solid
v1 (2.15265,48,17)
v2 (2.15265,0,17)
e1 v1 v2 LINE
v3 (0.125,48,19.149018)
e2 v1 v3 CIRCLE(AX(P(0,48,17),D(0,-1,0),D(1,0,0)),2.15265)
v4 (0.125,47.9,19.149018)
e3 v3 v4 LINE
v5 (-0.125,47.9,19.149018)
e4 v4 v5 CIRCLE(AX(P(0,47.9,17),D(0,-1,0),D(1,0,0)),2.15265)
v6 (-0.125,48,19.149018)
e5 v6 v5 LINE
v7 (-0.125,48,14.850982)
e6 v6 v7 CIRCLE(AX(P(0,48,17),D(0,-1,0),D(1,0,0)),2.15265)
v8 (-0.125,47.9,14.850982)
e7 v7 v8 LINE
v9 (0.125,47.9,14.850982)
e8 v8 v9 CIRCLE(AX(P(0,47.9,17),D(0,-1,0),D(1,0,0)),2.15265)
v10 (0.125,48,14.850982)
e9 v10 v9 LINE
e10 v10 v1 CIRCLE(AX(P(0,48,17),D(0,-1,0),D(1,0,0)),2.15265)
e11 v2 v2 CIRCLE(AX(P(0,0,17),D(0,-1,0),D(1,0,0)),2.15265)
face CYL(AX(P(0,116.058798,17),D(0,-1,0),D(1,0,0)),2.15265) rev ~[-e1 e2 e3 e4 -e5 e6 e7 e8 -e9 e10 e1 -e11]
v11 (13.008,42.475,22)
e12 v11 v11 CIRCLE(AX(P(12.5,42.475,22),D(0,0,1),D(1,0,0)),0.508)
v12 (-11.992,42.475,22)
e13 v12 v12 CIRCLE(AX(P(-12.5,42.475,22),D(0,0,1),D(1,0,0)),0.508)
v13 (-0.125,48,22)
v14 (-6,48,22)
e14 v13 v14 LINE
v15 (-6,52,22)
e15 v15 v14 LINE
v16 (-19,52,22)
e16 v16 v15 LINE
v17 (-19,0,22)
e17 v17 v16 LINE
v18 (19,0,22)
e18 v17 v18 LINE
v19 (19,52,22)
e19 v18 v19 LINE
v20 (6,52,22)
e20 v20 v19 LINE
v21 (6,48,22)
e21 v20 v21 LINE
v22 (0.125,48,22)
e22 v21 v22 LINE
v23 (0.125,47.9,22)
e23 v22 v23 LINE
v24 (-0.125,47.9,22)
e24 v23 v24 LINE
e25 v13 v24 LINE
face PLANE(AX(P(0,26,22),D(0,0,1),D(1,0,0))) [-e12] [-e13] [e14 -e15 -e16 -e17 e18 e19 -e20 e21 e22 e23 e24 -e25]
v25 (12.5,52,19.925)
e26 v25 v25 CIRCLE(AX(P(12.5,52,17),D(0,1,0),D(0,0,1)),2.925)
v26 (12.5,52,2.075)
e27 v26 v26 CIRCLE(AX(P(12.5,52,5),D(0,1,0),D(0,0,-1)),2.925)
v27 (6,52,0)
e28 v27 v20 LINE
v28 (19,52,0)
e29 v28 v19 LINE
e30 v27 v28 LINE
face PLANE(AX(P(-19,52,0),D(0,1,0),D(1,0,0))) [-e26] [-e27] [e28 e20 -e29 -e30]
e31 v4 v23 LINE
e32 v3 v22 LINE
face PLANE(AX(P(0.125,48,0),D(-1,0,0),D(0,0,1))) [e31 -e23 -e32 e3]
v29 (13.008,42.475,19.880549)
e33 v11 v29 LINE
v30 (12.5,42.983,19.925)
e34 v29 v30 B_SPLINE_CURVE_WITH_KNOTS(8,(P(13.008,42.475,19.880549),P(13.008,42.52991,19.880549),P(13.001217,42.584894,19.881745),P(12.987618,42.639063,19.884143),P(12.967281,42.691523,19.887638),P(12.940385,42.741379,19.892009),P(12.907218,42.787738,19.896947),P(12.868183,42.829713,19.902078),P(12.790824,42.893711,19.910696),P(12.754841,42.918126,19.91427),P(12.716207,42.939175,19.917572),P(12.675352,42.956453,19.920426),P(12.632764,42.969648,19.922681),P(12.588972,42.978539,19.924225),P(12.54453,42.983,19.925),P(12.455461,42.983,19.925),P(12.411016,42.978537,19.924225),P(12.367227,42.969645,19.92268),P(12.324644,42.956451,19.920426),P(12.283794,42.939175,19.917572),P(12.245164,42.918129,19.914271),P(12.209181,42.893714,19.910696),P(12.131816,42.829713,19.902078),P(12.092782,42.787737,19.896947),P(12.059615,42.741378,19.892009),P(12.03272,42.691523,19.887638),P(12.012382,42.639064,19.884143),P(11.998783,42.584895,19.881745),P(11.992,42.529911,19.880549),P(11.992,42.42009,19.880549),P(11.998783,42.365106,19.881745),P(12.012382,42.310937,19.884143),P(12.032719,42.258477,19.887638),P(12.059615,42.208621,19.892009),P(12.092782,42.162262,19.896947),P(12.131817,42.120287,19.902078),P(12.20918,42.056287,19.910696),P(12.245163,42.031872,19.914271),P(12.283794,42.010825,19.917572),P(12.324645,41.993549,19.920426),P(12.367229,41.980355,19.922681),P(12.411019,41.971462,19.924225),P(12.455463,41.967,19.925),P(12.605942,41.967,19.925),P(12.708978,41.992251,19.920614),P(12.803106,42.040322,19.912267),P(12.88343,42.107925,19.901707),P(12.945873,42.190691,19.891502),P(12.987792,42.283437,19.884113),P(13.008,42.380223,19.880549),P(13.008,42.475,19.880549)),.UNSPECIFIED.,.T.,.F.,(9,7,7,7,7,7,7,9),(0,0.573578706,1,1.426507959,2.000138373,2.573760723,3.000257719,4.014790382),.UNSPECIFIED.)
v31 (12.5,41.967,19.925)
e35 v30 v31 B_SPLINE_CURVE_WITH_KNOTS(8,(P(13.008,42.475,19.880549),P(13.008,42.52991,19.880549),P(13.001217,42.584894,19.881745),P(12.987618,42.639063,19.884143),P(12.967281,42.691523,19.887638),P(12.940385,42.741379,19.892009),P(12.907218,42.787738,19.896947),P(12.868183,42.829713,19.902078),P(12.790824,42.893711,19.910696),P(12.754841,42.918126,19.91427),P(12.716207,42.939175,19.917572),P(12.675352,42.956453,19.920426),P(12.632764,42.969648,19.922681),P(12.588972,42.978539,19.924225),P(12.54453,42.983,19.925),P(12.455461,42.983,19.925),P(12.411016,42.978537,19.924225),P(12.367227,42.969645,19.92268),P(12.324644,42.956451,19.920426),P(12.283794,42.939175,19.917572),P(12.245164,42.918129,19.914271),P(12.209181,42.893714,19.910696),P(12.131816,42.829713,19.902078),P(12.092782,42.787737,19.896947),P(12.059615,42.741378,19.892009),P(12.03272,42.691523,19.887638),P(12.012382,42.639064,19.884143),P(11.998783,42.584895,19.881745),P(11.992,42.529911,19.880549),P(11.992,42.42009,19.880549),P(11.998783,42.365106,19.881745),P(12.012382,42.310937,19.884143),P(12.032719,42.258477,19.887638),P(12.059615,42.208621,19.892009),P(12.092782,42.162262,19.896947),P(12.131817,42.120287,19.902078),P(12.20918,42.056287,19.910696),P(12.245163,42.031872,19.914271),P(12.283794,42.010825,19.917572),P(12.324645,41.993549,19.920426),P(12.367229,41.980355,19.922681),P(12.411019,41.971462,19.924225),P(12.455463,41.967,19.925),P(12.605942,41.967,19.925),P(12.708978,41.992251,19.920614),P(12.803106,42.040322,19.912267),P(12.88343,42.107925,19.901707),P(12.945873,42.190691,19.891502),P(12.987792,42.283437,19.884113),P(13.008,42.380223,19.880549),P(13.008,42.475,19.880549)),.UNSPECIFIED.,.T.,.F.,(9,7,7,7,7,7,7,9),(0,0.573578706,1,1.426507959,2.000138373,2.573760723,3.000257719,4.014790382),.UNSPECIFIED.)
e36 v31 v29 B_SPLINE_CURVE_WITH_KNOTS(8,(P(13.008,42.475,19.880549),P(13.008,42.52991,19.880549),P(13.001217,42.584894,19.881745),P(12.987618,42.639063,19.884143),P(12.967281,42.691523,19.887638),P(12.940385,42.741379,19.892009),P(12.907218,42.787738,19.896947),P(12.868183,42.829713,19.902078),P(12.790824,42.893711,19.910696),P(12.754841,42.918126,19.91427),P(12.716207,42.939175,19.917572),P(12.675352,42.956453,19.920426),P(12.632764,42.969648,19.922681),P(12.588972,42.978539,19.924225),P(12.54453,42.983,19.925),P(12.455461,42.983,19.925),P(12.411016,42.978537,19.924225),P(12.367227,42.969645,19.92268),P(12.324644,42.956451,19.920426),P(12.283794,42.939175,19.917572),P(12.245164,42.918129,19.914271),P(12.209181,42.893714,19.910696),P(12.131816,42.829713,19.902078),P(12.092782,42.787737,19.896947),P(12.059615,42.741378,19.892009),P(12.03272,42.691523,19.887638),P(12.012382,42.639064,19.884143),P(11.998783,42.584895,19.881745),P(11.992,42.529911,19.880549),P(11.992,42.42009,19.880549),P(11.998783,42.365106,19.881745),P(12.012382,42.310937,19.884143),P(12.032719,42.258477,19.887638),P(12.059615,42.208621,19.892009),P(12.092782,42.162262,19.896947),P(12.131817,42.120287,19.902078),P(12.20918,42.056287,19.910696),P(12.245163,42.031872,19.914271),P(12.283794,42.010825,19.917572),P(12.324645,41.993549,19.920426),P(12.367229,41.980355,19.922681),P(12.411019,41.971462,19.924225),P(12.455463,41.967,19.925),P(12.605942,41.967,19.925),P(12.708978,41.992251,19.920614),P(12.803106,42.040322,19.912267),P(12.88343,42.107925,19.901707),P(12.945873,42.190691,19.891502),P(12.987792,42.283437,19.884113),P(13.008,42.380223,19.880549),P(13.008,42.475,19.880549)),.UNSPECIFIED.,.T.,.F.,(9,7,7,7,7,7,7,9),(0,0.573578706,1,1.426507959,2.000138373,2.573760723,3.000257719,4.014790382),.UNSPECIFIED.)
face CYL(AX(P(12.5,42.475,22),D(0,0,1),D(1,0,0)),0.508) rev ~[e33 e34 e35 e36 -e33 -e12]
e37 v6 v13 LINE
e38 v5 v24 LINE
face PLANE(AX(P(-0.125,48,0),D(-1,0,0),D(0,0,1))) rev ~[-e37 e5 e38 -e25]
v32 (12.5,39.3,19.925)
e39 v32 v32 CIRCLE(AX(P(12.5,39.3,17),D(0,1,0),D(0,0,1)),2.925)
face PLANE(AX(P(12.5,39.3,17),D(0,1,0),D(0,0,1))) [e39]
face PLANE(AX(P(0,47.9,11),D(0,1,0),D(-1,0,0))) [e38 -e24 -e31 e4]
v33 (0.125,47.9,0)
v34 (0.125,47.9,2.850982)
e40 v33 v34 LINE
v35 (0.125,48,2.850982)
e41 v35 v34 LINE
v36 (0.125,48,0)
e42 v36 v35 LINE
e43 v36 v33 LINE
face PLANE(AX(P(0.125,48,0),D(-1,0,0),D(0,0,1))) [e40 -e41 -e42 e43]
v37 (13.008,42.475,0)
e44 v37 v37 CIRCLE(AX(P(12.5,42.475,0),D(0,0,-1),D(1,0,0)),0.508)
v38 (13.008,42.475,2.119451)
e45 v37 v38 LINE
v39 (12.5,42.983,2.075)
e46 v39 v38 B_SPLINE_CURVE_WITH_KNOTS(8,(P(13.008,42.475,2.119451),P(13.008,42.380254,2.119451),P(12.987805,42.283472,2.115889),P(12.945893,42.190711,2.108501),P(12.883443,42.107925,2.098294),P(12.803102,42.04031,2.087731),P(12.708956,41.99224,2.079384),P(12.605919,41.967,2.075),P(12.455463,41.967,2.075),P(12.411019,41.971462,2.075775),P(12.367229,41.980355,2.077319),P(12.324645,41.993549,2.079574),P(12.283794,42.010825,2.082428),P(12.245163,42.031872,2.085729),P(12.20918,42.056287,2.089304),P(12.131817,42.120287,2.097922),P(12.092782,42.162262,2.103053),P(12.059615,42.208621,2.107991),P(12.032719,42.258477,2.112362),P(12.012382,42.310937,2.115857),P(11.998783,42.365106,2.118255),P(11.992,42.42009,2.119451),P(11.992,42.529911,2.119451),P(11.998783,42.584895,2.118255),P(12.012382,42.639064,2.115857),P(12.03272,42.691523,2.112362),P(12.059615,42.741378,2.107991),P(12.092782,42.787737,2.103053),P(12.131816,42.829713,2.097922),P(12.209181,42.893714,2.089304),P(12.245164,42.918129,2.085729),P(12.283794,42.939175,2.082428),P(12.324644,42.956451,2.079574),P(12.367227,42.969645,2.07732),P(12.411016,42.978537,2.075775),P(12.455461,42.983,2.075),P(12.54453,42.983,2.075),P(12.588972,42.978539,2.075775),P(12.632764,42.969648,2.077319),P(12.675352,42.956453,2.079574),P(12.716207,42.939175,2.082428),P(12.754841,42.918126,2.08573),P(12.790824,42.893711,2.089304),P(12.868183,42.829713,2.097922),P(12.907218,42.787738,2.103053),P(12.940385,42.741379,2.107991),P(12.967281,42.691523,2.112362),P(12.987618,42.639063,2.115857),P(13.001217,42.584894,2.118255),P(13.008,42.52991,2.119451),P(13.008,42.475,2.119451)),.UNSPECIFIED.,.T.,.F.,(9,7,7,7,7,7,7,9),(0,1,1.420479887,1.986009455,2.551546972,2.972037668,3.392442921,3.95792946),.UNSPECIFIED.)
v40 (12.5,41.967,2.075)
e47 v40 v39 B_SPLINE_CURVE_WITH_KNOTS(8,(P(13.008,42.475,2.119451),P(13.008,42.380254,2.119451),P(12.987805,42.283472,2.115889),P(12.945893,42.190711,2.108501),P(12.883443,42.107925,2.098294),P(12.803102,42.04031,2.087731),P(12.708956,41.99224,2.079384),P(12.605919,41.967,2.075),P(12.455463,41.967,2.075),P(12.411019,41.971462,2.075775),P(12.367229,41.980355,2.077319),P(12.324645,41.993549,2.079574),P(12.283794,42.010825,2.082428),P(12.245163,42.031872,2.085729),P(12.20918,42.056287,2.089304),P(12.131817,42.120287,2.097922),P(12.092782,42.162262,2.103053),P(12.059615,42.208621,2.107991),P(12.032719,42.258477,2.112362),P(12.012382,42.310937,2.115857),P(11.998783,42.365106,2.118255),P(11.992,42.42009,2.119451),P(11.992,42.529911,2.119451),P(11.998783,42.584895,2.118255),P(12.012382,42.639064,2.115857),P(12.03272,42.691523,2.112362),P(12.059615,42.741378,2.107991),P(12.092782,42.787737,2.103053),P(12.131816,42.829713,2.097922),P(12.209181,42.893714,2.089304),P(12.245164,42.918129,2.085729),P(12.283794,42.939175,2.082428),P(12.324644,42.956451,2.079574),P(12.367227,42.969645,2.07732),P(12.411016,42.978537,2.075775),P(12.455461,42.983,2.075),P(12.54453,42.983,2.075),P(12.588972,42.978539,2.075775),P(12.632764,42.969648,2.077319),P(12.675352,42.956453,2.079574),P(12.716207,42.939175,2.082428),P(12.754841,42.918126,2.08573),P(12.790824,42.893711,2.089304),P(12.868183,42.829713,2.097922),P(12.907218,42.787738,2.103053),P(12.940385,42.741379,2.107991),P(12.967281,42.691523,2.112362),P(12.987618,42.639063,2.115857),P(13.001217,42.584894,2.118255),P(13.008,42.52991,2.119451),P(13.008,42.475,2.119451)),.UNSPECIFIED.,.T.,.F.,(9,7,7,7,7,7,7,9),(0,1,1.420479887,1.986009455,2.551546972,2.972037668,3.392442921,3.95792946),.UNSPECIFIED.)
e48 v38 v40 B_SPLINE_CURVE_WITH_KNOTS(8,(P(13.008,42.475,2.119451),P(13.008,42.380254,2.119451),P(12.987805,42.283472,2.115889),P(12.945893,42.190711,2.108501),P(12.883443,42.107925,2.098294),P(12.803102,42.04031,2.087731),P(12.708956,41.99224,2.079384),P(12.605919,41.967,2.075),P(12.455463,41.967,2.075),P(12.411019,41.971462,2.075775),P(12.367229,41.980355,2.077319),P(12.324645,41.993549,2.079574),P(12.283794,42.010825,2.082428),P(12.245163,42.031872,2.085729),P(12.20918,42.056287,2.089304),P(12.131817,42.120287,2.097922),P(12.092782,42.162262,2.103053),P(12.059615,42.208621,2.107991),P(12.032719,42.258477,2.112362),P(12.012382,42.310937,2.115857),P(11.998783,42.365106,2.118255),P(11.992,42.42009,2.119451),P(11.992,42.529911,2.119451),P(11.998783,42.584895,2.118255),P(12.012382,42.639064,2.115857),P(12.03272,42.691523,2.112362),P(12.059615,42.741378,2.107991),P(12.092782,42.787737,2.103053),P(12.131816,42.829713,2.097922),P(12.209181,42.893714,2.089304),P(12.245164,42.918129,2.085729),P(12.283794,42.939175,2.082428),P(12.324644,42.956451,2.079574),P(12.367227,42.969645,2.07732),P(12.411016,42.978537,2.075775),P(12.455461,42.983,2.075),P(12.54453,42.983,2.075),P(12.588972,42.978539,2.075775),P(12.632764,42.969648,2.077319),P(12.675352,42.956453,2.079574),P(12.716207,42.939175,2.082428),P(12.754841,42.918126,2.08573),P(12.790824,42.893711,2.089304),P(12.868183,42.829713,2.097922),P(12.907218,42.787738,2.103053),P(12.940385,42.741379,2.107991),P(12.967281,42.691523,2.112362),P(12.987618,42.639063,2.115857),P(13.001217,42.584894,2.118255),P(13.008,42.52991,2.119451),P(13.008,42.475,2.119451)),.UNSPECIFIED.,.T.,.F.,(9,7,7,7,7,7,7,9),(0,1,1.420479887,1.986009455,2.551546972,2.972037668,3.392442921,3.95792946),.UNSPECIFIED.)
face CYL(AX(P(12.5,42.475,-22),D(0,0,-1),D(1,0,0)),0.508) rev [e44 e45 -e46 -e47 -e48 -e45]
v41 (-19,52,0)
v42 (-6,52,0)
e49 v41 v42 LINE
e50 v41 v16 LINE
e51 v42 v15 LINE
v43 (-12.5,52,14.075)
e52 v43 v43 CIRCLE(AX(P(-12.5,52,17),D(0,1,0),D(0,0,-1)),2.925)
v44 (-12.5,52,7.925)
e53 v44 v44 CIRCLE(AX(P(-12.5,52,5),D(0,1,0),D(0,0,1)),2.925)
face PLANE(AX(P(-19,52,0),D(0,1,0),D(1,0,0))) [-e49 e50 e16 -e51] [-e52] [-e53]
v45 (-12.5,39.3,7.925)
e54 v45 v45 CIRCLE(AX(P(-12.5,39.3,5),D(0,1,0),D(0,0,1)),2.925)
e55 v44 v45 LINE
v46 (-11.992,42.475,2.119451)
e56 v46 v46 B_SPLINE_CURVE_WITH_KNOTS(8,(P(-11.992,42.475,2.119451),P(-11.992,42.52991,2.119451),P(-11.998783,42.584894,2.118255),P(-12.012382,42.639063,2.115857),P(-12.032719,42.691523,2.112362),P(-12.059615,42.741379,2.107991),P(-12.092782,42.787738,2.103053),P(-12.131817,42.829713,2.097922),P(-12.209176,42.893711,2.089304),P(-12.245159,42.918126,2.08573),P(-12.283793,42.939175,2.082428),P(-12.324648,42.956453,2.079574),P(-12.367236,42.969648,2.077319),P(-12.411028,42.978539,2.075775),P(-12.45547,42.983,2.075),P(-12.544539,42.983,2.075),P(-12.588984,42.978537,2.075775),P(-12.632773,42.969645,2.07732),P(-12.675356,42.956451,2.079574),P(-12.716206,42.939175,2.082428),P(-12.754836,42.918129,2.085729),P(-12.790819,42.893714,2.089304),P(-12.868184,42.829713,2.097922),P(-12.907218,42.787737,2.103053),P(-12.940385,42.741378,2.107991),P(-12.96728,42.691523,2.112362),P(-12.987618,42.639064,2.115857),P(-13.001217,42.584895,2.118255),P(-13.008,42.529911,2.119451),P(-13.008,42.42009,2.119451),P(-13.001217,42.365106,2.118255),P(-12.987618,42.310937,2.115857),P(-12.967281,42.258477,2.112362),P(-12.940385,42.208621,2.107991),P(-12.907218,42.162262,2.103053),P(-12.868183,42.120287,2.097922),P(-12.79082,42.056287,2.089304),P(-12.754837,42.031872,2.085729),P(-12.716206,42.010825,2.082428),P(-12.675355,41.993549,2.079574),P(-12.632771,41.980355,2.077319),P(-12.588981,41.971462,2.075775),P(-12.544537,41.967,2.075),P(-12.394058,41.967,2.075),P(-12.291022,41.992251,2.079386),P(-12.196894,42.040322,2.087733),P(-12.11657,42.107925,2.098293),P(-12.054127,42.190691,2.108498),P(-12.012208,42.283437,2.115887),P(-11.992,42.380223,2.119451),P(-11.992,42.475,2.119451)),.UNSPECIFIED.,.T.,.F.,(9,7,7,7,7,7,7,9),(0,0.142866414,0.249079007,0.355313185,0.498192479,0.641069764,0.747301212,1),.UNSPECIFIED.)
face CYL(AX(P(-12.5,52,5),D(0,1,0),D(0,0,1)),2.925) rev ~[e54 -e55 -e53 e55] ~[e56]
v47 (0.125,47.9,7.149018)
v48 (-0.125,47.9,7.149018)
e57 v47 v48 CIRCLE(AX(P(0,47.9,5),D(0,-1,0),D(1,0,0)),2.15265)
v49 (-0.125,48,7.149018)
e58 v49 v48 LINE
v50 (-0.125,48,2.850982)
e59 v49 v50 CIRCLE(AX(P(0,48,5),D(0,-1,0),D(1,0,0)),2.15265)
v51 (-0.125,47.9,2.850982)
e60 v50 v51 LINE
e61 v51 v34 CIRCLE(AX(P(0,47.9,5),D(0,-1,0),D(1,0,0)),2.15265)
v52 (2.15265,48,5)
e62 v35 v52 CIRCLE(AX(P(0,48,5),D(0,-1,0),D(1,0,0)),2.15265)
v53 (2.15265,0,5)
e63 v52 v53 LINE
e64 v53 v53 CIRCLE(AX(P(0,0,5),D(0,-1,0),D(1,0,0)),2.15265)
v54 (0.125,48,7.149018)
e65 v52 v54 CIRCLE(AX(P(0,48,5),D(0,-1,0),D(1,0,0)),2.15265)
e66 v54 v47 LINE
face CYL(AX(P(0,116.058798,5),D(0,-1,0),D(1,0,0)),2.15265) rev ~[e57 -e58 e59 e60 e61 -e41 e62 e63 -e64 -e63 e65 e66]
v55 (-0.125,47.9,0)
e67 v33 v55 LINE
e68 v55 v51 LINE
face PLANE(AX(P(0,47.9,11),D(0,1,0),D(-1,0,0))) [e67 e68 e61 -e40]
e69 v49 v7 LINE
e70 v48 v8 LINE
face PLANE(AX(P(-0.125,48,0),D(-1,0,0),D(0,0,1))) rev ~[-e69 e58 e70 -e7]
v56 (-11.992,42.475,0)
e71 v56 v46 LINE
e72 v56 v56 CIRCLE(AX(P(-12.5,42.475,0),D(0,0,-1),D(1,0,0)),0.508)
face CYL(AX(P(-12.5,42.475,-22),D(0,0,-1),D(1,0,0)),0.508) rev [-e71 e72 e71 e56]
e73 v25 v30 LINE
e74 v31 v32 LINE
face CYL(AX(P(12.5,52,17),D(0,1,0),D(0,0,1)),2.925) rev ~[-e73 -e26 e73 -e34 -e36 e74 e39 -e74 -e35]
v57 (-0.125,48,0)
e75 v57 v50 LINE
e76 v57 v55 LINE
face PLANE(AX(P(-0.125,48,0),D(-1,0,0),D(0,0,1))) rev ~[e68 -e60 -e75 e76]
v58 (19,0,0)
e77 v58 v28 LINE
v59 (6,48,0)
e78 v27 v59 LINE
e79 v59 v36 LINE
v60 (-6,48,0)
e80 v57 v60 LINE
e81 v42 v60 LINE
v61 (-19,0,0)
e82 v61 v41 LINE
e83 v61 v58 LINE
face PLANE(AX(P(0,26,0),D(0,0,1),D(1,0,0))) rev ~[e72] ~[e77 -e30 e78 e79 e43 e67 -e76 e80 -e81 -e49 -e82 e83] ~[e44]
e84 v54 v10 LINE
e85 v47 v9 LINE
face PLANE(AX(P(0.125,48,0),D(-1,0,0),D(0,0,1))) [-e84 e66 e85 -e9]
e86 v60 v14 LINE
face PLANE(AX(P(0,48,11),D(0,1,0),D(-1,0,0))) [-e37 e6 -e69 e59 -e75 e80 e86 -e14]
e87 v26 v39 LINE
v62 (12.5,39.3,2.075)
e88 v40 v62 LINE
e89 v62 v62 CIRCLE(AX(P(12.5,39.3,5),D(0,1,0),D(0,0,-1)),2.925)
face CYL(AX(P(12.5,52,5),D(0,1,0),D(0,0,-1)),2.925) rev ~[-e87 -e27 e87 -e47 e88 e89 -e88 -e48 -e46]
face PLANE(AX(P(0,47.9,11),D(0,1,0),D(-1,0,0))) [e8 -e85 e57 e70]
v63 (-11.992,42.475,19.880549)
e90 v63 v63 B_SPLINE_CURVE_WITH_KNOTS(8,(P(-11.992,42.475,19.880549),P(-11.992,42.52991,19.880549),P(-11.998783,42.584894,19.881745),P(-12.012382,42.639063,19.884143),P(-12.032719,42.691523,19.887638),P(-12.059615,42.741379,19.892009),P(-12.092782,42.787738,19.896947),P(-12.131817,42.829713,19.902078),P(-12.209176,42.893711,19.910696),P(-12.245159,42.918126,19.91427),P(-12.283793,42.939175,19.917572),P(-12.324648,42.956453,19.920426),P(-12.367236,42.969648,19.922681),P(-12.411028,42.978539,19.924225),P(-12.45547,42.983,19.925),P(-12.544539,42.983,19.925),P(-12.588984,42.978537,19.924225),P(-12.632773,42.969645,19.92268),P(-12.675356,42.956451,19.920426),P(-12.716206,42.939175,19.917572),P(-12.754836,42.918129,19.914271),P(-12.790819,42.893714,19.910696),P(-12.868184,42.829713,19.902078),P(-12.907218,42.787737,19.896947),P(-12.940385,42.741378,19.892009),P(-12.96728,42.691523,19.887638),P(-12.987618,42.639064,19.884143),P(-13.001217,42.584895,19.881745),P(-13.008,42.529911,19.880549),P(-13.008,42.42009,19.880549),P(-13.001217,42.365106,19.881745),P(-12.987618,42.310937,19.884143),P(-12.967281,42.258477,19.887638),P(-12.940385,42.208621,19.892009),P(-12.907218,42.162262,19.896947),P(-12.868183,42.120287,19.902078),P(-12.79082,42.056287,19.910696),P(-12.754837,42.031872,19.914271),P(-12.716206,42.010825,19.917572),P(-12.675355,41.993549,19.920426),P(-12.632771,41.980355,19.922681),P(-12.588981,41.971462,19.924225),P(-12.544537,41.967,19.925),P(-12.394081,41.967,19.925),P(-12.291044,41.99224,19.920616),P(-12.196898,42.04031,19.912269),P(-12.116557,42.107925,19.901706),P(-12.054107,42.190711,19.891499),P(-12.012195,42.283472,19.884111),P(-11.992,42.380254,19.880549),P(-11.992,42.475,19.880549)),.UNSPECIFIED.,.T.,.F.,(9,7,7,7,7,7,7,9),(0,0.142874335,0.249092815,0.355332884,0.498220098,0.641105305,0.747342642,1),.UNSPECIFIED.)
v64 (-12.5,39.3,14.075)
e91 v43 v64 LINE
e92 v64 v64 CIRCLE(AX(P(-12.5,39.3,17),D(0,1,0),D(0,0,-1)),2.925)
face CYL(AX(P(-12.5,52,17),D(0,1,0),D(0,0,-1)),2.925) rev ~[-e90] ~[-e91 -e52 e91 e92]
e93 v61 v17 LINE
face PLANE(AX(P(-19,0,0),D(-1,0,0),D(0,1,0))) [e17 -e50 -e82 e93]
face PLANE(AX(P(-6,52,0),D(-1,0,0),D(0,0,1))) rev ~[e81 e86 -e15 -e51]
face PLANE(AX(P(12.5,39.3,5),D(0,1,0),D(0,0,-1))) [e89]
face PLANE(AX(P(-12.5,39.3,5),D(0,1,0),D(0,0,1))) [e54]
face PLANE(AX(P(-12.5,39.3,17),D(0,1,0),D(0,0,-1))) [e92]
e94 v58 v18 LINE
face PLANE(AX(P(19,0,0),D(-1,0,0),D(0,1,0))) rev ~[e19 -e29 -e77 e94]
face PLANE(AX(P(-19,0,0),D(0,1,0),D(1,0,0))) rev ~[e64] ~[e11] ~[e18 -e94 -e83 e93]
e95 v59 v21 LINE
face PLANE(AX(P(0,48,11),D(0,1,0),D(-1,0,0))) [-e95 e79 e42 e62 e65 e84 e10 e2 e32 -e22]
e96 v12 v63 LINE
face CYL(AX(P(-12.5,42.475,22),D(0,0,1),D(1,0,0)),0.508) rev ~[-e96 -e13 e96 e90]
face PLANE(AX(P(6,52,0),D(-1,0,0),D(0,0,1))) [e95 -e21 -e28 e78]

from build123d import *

# Parameters (mm, degrees)
SKETCH1_W             = 38
SKETCH1_H             = 52
EXTRUDE1_DEPTH        = 22
SKETCH2_R             = 2.925
CUT_EXTRUDE1_DEPTH    = 12.7
SKETCH5_W             = 12
SKETCH5_H             = 22
CUT_EXTRUDE4_DEPTH    = 4
F_8_CLEARANCE_HOLE1_D = 4.3053
CUT_EXTRUDE5_REACH    = 61.573
SKETCH8_R             = 0.508
SKETCH9_W             = 0.25
SKETCH9_H             = 22
CUT_EXTRUDE6_DEPTH    = 0.1


with BuildPart() as part:
    # Sketch1 → Extrude1 (new body)
    with BuildSketch(Plane.XY):
        with Locations((0, 26)):
            Rectangle(SKETCH1_W, SKETCH1_H)
    extrude(amount=EXTRUDE1_DEPTH)

    # Sketch2 → Cut-Extrude1 (cut)
    with BuildSketch(Plane(origin=(0, 52, 0), x_dir=(-1, 0, 0), z_dir=(0, 1, 0))):
        with Locations(Location((12.5, 5, 0), (0, 0, 90))):
            Circle(SKETCH2_R)
        with Locations(Location((12.5, 17, 0), (0, 0, 270))):
            Circle(SKETCH2_R)
        with Locations(Location((-12.5, 17, 0), (0, 0, 90))):
            Circle(SKETCH2_R)
        with Locations(Location((-12.5, 5, 0), (0, 0, 270))):
            Circle(SKETCH2_R)
    extrude(amount=-CUT_EXTRUDE1_DEPTH, mode=Mode.SUBTRACT)

    # Sketch5 → Cut-Extrude4 (cut)
    with BuildSketch(Plane(origin=(0, 52, 0), x_dir=(-1, 0, 0), z_dir=(0, 1, 0))):
        with Locations((0, 11)):
            Rectangle(SKETCH5_W, SKETCH5_H)
    extrude(amount=-CUT_EXTRUDE4_DEPTH, mode=Mode.SUBTRACT)

    # #8 Clearance Hole1 (through all)
    with Locations(Plane(origin=(0, 48, 0), x_dir=(-1, 0, 0), z_dir=(0, 1, 0))):
        with Locations((0, 17), (0, 5)):
            Hole(F_8_CLEARANCE_HOLE1_D / 2)

    # Sketch8 → Cut-Extrude5 (cut, up to next)
    with BuildSketch(Plane.XY.offset(22), mode=Mode.PRIVATE) as cut_extrude5_sk1:
        with Locations((-12.5, 42.475)):
            Circle(SKETCH8_R)
    cut_extrude5_tool1 = extrude(cut_extrude5_sk1.sketch, amount=-CUT_EXTRUDE5_REACH, mode=Mode.PRIVATE) & part.part
    # Sketch8 → Cut-Extrude5 (cut, up to next)
    with BuildSketch(Plane.XY.offset(22), mode=Mode.PRIVATE) as cut_extrude5_sk2:
        with Locations((12.5, 42.475)):
            Circle(SKETCH8_R)
    cut_extrude5_tool2 = extrude(cut_extrude5_sk2.sketch, amount=-CUT_EXTRUDE5_REACH, mode=Mode.PRIVATE) & part.part
    cut_extrude5_1 = cut_extrude5_tool1.solids().sort_by_distance((-12.5, 42.475, 22))[0]
    add(cut_extrude5_1, mode=Mode.SUBTRACT)
    cut_extrude5_2 = cut_extrude5_tool2.solids().sort_by_distance((12.5, 42.475, 22))[0]
    add(cut_extrude5_2, mode=Mode.SUBTRACT)
    cut_extrude5 = cut_extrude5_1 + cut_extrude5_2  # Cut-Extrude5 as one shape, for the pattern or mirror that repeats it

    # Mirror1: Cut-Extrude5 mirrored; each copy of Cut-Extrude5 runs up to whatever stops it at its own place
    mirror1_before = part.part  # the part as the pattern finds it: every copy runs up to it
    mirror1_cut_extrude5_long1 = extrude(cut_extrude5_sk1.sketch, amount=-CUT_EXTRUDE5_REACH, mode=Mode.PRIVATE)
    mirror1_cut_extrude5_long2 = extrude(cut_extrude5_sk2.sketch, amount=-CUT_EXTRUDE5_REACH, mode=Mode.PRIVATE)
    mirror1_cut_extrude5_tool = mirror1_cut_extrude5_long1.mirror(Plane.XY) & mirror1_before
    add(mirror1_cut_extrude5_tool.solids().sort_by_distance((-12.5, 42.475, -22))[0], mode=Mode.SUBTRACT)
    mirror1_cut_extrude5_tool = mirror1_cut_extrude5_long2.mirror(Plane.XY) & mirror1_before
    add(mirror1_cut_extrude5_tool.solids().sort_by_distance((12.5, 42.475, -22))[0], mode=Mode.SUBTRACT)

    # Sketch9 → Cut-Extrude6 (cut)
    with BuildSketch(Plane(origin=(0, 48, 0), x_dir=(-1, 0, 0), z_dir=(0, 1, 0))):
        with Locations((0, 11)):
            Rectangle(SKETCH9_W, SKETCH9_H)
    extrude(amount=-CUT_EXTRUDE6_DEPTH, mode=Mode.SUBTRACT)


solid = part.part
